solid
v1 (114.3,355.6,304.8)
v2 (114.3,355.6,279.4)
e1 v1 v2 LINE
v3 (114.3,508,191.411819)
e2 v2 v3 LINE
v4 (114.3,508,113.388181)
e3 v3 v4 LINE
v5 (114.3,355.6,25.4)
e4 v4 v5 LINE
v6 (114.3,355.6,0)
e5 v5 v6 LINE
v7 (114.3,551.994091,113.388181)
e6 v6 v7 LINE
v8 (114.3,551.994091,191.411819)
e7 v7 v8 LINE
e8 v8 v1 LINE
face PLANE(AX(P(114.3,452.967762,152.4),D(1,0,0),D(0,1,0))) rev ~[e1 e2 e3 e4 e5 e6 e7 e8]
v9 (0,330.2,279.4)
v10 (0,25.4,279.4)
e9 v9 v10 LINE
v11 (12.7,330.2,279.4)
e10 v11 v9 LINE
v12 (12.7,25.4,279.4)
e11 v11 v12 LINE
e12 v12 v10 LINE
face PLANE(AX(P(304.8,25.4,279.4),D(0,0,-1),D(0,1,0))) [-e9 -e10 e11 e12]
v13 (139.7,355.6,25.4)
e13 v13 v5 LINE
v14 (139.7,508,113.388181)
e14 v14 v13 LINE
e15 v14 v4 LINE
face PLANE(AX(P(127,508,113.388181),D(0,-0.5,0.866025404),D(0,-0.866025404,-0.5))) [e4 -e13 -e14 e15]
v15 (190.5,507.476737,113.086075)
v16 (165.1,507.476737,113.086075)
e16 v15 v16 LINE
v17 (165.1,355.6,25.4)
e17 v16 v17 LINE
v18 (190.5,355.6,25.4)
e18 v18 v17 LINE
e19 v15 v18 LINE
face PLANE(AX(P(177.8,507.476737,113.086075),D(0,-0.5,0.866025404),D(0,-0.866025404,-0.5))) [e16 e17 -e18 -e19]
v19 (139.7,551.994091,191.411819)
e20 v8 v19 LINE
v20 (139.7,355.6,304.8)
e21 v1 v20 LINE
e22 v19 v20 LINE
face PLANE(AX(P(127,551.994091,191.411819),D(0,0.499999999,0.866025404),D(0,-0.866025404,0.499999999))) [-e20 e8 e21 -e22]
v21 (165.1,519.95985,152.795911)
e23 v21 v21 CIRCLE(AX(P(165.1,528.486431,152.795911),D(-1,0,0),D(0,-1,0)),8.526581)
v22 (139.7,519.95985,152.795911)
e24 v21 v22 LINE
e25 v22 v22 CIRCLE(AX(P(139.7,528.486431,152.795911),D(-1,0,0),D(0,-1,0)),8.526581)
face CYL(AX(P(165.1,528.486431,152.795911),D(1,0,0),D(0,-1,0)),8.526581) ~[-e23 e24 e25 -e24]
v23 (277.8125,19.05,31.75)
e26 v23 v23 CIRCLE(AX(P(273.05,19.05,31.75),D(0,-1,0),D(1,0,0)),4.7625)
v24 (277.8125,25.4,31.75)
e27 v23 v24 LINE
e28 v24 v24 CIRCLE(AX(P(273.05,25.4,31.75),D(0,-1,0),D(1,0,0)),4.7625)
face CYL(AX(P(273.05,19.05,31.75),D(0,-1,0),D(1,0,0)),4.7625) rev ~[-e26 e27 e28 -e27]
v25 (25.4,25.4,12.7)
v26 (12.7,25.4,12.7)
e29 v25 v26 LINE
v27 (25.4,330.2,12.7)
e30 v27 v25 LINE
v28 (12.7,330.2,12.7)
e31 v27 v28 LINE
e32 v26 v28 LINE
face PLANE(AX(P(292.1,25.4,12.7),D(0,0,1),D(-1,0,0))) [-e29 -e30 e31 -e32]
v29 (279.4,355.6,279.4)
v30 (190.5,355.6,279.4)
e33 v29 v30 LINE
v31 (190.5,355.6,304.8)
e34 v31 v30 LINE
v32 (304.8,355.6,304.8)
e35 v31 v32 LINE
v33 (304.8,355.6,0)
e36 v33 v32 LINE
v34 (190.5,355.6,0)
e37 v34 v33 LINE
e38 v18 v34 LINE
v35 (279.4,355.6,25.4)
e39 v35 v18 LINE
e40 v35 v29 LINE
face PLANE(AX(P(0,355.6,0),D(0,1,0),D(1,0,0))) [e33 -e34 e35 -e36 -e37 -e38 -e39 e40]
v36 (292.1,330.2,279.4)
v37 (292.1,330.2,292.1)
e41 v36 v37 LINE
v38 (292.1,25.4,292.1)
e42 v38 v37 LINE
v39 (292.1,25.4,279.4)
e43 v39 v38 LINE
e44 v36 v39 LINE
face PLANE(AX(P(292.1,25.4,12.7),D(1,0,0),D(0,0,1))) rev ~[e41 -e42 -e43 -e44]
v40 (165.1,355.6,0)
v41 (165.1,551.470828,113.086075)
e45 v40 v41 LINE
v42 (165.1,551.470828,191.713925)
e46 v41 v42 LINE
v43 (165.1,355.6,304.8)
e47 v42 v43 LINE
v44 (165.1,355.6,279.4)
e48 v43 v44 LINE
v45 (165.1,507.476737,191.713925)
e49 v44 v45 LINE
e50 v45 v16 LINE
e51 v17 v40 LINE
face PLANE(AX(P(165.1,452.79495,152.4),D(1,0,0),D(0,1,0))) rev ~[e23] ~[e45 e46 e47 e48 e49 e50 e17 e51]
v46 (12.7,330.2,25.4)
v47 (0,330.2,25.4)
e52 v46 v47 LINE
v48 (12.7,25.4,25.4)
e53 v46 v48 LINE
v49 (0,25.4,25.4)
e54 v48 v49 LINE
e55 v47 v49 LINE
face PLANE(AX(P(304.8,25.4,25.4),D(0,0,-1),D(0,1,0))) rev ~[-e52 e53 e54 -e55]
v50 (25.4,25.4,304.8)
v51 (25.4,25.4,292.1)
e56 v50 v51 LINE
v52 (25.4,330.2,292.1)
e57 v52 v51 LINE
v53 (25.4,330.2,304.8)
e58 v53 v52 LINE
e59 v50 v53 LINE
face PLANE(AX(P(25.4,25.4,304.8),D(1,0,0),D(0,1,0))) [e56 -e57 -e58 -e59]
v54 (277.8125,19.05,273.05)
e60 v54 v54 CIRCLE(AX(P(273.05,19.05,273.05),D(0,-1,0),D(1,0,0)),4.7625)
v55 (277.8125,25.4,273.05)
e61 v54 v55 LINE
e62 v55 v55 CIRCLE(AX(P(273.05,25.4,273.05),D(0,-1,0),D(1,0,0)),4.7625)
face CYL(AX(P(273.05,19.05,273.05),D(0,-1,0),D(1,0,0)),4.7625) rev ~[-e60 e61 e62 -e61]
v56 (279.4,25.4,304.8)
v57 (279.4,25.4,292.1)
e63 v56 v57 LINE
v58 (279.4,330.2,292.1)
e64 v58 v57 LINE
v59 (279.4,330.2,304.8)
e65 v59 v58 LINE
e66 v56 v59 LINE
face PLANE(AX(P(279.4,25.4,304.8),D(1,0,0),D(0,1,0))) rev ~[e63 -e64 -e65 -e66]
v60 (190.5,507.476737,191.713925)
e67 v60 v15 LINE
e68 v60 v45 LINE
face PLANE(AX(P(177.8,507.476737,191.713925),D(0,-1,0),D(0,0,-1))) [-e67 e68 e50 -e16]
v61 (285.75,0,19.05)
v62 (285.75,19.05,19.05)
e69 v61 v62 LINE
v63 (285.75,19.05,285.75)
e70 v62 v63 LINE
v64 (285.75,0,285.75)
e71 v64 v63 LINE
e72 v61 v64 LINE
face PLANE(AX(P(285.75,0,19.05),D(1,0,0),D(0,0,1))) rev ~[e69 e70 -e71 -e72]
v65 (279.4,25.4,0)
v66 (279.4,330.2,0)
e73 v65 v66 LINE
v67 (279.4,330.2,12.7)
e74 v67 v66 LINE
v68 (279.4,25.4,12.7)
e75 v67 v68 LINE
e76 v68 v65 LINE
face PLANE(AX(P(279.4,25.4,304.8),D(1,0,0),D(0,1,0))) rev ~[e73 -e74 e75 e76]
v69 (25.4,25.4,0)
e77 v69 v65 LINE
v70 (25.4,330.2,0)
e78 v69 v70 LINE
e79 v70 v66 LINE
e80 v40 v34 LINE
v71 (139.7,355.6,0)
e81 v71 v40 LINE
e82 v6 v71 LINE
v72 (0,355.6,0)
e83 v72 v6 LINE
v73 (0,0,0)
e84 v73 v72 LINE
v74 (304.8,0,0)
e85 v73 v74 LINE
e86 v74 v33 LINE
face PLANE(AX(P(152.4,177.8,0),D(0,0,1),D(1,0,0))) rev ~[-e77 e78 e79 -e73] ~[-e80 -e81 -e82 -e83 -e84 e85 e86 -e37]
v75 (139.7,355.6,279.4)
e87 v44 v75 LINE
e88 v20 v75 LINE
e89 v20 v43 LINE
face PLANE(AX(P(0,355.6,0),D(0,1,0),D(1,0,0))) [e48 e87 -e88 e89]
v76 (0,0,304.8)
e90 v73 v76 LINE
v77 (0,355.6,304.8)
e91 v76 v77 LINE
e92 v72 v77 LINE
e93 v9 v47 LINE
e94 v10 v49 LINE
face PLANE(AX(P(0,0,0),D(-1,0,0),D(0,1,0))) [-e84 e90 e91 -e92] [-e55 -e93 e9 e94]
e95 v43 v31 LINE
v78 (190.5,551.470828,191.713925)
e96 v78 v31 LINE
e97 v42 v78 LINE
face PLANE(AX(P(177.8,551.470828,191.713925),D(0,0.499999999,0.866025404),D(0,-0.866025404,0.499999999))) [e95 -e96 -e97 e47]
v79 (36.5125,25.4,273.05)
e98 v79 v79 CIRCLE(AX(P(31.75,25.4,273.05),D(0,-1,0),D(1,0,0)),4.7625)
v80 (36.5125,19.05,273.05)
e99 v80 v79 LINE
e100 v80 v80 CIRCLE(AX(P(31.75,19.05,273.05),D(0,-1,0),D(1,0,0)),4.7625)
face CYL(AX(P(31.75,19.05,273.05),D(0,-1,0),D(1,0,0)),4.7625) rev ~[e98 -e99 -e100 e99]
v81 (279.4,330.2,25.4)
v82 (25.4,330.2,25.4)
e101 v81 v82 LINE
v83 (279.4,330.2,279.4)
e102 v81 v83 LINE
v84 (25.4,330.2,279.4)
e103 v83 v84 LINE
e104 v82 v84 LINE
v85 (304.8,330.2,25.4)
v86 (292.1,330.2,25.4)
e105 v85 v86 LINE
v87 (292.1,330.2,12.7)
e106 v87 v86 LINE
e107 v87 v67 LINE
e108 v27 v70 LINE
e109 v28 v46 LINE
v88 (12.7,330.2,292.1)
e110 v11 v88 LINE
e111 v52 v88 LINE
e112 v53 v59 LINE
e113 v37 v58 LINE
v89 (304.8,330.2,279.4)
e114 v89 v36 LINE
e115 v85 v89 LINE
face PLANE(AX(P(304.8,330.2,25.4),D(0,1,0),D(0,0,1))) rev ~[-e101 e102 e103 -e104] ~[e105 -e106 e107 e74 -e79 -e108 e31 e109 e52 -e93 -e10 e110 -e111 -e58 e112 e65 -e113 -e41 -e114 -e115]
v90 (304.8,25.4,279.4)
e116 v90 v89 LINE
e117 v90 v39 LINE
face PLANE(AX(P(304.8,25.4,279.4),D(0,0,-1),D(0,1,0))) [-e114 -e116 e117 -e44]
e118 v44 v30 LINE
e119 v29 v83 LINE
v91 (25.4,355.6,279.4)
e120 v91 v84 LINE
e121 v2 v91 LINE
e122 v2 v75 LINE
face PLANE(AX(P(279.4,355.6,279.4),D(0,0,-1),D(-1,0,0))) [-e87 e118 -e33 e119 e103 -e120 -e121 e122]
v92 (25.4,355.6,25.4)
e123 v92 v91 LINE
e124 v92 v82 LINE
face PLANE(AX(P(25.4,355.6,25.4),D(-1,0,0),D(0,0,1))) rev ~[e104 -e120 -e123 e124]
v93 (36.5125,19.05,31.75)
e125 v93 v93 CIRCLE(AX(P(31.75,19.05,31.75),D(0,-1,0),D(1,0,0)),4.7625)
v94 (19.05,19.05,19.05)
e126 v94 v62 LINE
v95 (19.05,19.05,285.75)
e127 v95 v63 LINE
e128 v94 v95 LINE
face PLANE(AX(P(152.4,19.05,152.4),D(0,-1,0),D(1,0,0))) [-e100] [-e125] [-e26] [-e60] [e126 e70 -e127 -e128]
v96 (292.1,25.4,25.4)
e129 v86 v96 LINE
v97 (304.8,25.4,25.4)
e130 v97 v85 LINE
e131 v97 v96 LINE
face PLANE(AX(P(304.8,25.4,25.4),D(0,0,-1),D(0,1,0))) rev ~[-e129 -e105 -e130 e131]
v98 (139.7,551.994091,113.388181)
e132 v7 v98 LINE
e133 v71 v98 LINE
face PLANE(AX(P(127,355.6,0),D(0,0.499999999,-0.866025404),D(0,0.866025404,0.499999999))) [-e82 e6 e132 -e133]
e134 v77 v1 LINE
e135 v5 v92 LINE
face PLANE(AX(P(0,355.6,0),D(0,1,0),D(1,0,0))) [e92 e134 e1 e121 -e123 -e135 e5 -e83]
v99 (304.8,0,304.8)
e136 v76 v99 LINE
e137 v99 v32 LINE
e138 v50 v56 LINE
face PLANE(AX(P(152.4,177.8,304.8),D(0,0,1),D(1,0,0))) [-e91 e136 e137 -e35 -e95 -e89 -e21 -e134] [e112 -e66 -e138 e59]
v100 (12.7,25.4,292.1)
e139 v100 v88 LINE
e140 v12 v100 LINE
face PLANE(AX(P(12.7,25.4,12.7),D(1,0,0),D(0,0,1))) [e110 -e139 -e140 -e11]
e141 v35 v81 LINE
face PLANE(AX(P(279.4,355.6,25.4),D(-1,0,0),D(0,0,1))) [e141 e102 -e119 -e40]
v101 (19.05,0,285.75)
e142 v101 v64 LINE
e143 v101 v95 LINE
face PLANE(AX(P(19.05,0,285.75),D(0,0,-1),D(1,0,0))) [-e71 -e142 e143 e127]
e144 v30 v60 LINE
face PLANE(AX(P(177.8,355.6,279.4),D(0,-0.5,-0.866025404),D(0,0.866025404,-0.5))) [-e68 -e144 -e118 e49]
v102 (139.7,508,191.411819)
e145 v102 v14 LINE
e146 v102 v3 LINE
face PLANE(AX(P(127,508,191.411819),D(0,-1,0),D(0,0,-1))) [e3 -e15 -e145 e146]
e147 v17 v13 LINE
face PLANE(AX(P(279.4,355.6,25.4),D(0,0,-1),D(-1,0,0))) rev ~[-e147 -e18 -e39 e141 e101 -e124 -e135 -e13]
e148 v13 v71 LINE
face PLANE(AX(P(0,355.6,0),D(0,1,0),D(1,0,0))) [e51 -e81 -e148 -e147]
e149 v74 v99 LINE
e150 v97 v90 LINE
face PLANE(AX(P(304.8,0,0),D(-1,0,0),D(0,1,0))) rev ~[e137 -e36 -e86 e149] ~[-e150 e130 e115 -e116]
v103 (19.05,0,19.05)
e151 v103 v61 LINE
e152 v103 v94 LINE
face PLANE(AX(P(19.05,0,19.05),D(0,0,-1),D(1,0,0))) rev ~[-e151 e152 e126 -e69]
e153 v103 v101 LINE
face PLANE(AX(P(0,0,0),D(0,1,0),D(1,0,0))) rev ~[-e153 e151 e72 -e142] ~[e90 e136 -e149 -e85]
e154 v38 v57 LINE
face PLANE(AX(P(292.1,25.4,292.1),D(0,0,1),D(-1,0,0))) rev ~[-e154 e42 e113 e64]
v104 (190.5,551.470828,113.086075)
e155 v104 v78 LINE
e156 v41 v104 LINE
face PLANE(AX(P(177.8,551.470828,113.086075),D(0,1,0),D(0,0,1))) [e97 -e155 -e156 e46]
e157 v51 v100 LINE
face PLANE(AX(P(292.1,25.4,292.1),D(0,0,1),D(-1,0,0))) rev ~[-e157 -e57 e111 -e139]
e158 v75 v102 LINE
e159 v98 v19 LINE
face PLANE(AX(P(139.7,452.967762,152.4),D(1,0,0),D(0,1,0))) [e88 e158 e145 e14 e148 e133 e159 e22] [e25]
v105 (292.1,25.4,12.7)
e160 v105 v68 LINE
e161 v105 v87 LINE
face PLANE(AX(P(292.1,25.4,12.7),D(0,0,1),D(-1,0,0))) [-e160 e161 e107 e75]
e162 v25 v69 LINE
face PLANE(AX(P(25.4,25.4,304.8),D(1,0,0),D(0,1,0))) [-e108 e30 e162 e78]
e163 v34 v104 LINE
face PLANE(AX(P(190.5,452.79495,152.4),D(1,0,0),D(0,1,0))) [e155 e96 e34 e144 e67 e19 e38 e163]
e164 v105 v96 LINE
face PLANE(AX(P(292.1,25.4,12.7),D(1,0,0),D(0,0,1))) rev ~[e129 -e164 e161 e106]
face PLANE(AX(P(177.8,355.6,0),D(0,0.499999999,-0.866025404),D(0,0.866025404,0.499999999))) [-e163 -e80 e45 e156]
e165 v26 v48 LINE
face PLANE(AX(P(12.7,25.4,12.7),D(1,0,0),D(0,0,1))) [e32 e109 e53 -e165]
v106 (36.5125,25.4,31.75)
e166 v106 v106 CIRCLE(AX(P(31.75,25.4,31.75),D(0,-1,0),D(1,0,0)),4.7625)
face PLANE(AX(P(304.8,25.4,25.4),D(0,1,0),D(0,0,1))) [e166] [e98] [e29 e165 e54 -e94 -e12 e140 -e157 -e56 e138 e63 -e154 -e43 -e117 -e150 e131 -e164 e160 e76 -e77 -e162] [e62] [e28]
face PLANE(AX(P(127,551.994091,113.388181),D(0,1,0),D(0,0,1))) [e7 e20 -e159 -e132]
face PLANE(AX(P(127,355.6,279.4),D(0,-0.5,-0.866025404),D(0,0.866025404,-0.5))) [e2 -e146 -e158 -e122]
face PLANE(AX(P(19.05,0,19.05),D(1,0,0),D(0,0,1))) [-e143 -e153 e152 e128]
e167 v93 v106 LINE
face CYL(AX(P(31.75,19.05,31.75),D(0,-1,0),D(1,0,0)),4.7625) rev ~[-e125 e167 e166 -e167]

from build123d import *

# Parameters (mm, degrees)
F0_W      = 304.8
F0_H      = 355.6
F1_DEPTH  = 304.8
F2_W      = 254
F2_H      = 304.8
F3_DEPTH  = 304.801
F4_W      = 304.8
F4_H      = 254
F5_DEPTH  = 304.801
F6_W      = 254
F6_H      = 254
F7_DEPTH  = 25.4
F8_W      = 266.7
F8_H      = 266.7
F9_DEPTH  = 19.05
F10_W     = 279.4
F10_H     = 279.4
F11_DEPTH = 304.8
F12_R     = 4.7625
F13_DEPTH = 6.35
F16_DEPTH = 12.7
F19_DEPTH = 12.7
F20_R     = 8.526581
F21_DEPTH = 25.4


with BuildPart() as f1:
    # F0 (on Top) → F1 (new body)
    with BuildSketch(Plane.XY):
        with Locations((152.4, 177.8)):
            Rectangle(F0_W, F0_H)
    extrude(amount=F1_DEPTH)

    # F2 (on face) → F3 (cut, through all)
    with BuildSketch(Plane.XY.offset(304.8)):
        with Locations((152.4, 177.8)):
            Rectangle(F2_W, F2_H)
    extrude(amount=-F3_DEPTH, mode=Mode.SUBTRACT)

    # F4 (on face) → F5 (cut, through all)
    with BuildSketch(Plane.YZ.offset(304.8)):
        with Locations((177.8, 152.4)):
            Rectangle(F4_W, F4_H)
    extrude(amount=-F5_DEPTH, mode=Mode.SUBTRACT)

    # F6 (on face) → F7 (cut)
    with BuildSketch(Plane(origin=(0, 355.6, 0), x_dir=(-1, 0, 0), z_dir=(0, 1, 0))):
        with Locations((-152.4, 152.4)):
            Rectangle(F6_W, F6_H)
    extrude(amount=-F7_DEPTH, mode=Mode.SUBTRACT)

    # F8 (on face) → F9 (cut)
    with BuildSketch(Plane.XZ):
        with Locations((152.4, 152.4)):
            Rectangle(F8_W, F8_H)
    extrude(amount=-F9_DEPTH, mode=Mode.SUBTRACT)

    # F10 (on face) → F11 (cut)
    with BuildSketch(Plane(origin=(0, 25.4, 0), x_dir=(-1, 0, 0), z_dir=(0, 1, 0))):
        with Locations((-152.4, 152.4)):
            Rectangle(F10_W, F10_H)
    extrude(amount=F11_DEPTH, mode=Mode.SUBTRACT)

    # F12 (on face) → F13 (cut)
    with BuildSketch(Plane.XZ.offset(-19.05)):
        with Locations((31.75, 273.05)):
            Circle(F12_R)
        with Locations((273.05, 273.05)):
            Circle(F12_R)
        with Locations((273.05, 31.75)):
            Circle(F12_R)
        with Locations((31.75, 31.75)):
            Circle(F12_R)
    extrude(amount=-F13_DEPTH, mode=Mode.SUBTRACT)

    # F15 (on offset) → F16 (join, symmetric)
    with BuildSketch(Plane.YZ.offset(127)):
        Polygon((355.6, 25.4), (355.6, 0), (551.994091, 113.388181), (551.994091, 191.411819), (355.6, 304.8), (355.6, 279.4), (508, 191.411819), (508, 113.388181), align=None)
    extrude(amount=F16_DEPTH, both=True)

    # F18 (on offset) → F19 (join, symmetric)
    with BuildSketch(Plane.YZ.offset(177.8)):
        Polygon((355.6, 25.4), (355.6, 0), (551.470828, 113.086075), (551.470828, 191.713925), (355.6, 304.8), (355.6, 279.4), (507.476737, 191.713925), (507.476737, 113.086075), align=None)
    extrude(amount=F19_DEPTH, both=True)

    # F20 (on face) → F21 (join)
    with BuildSketch(Plane(origin=(165.1, 0, 0), x_dir=(0, -1, 0), z_dir=(-1, 0, 0))):
        with Locations((-528.486431, 152.795911)):
            Circle(F20_R)
    extrude(amount=F21_DEPTH)


solid = f1.part
